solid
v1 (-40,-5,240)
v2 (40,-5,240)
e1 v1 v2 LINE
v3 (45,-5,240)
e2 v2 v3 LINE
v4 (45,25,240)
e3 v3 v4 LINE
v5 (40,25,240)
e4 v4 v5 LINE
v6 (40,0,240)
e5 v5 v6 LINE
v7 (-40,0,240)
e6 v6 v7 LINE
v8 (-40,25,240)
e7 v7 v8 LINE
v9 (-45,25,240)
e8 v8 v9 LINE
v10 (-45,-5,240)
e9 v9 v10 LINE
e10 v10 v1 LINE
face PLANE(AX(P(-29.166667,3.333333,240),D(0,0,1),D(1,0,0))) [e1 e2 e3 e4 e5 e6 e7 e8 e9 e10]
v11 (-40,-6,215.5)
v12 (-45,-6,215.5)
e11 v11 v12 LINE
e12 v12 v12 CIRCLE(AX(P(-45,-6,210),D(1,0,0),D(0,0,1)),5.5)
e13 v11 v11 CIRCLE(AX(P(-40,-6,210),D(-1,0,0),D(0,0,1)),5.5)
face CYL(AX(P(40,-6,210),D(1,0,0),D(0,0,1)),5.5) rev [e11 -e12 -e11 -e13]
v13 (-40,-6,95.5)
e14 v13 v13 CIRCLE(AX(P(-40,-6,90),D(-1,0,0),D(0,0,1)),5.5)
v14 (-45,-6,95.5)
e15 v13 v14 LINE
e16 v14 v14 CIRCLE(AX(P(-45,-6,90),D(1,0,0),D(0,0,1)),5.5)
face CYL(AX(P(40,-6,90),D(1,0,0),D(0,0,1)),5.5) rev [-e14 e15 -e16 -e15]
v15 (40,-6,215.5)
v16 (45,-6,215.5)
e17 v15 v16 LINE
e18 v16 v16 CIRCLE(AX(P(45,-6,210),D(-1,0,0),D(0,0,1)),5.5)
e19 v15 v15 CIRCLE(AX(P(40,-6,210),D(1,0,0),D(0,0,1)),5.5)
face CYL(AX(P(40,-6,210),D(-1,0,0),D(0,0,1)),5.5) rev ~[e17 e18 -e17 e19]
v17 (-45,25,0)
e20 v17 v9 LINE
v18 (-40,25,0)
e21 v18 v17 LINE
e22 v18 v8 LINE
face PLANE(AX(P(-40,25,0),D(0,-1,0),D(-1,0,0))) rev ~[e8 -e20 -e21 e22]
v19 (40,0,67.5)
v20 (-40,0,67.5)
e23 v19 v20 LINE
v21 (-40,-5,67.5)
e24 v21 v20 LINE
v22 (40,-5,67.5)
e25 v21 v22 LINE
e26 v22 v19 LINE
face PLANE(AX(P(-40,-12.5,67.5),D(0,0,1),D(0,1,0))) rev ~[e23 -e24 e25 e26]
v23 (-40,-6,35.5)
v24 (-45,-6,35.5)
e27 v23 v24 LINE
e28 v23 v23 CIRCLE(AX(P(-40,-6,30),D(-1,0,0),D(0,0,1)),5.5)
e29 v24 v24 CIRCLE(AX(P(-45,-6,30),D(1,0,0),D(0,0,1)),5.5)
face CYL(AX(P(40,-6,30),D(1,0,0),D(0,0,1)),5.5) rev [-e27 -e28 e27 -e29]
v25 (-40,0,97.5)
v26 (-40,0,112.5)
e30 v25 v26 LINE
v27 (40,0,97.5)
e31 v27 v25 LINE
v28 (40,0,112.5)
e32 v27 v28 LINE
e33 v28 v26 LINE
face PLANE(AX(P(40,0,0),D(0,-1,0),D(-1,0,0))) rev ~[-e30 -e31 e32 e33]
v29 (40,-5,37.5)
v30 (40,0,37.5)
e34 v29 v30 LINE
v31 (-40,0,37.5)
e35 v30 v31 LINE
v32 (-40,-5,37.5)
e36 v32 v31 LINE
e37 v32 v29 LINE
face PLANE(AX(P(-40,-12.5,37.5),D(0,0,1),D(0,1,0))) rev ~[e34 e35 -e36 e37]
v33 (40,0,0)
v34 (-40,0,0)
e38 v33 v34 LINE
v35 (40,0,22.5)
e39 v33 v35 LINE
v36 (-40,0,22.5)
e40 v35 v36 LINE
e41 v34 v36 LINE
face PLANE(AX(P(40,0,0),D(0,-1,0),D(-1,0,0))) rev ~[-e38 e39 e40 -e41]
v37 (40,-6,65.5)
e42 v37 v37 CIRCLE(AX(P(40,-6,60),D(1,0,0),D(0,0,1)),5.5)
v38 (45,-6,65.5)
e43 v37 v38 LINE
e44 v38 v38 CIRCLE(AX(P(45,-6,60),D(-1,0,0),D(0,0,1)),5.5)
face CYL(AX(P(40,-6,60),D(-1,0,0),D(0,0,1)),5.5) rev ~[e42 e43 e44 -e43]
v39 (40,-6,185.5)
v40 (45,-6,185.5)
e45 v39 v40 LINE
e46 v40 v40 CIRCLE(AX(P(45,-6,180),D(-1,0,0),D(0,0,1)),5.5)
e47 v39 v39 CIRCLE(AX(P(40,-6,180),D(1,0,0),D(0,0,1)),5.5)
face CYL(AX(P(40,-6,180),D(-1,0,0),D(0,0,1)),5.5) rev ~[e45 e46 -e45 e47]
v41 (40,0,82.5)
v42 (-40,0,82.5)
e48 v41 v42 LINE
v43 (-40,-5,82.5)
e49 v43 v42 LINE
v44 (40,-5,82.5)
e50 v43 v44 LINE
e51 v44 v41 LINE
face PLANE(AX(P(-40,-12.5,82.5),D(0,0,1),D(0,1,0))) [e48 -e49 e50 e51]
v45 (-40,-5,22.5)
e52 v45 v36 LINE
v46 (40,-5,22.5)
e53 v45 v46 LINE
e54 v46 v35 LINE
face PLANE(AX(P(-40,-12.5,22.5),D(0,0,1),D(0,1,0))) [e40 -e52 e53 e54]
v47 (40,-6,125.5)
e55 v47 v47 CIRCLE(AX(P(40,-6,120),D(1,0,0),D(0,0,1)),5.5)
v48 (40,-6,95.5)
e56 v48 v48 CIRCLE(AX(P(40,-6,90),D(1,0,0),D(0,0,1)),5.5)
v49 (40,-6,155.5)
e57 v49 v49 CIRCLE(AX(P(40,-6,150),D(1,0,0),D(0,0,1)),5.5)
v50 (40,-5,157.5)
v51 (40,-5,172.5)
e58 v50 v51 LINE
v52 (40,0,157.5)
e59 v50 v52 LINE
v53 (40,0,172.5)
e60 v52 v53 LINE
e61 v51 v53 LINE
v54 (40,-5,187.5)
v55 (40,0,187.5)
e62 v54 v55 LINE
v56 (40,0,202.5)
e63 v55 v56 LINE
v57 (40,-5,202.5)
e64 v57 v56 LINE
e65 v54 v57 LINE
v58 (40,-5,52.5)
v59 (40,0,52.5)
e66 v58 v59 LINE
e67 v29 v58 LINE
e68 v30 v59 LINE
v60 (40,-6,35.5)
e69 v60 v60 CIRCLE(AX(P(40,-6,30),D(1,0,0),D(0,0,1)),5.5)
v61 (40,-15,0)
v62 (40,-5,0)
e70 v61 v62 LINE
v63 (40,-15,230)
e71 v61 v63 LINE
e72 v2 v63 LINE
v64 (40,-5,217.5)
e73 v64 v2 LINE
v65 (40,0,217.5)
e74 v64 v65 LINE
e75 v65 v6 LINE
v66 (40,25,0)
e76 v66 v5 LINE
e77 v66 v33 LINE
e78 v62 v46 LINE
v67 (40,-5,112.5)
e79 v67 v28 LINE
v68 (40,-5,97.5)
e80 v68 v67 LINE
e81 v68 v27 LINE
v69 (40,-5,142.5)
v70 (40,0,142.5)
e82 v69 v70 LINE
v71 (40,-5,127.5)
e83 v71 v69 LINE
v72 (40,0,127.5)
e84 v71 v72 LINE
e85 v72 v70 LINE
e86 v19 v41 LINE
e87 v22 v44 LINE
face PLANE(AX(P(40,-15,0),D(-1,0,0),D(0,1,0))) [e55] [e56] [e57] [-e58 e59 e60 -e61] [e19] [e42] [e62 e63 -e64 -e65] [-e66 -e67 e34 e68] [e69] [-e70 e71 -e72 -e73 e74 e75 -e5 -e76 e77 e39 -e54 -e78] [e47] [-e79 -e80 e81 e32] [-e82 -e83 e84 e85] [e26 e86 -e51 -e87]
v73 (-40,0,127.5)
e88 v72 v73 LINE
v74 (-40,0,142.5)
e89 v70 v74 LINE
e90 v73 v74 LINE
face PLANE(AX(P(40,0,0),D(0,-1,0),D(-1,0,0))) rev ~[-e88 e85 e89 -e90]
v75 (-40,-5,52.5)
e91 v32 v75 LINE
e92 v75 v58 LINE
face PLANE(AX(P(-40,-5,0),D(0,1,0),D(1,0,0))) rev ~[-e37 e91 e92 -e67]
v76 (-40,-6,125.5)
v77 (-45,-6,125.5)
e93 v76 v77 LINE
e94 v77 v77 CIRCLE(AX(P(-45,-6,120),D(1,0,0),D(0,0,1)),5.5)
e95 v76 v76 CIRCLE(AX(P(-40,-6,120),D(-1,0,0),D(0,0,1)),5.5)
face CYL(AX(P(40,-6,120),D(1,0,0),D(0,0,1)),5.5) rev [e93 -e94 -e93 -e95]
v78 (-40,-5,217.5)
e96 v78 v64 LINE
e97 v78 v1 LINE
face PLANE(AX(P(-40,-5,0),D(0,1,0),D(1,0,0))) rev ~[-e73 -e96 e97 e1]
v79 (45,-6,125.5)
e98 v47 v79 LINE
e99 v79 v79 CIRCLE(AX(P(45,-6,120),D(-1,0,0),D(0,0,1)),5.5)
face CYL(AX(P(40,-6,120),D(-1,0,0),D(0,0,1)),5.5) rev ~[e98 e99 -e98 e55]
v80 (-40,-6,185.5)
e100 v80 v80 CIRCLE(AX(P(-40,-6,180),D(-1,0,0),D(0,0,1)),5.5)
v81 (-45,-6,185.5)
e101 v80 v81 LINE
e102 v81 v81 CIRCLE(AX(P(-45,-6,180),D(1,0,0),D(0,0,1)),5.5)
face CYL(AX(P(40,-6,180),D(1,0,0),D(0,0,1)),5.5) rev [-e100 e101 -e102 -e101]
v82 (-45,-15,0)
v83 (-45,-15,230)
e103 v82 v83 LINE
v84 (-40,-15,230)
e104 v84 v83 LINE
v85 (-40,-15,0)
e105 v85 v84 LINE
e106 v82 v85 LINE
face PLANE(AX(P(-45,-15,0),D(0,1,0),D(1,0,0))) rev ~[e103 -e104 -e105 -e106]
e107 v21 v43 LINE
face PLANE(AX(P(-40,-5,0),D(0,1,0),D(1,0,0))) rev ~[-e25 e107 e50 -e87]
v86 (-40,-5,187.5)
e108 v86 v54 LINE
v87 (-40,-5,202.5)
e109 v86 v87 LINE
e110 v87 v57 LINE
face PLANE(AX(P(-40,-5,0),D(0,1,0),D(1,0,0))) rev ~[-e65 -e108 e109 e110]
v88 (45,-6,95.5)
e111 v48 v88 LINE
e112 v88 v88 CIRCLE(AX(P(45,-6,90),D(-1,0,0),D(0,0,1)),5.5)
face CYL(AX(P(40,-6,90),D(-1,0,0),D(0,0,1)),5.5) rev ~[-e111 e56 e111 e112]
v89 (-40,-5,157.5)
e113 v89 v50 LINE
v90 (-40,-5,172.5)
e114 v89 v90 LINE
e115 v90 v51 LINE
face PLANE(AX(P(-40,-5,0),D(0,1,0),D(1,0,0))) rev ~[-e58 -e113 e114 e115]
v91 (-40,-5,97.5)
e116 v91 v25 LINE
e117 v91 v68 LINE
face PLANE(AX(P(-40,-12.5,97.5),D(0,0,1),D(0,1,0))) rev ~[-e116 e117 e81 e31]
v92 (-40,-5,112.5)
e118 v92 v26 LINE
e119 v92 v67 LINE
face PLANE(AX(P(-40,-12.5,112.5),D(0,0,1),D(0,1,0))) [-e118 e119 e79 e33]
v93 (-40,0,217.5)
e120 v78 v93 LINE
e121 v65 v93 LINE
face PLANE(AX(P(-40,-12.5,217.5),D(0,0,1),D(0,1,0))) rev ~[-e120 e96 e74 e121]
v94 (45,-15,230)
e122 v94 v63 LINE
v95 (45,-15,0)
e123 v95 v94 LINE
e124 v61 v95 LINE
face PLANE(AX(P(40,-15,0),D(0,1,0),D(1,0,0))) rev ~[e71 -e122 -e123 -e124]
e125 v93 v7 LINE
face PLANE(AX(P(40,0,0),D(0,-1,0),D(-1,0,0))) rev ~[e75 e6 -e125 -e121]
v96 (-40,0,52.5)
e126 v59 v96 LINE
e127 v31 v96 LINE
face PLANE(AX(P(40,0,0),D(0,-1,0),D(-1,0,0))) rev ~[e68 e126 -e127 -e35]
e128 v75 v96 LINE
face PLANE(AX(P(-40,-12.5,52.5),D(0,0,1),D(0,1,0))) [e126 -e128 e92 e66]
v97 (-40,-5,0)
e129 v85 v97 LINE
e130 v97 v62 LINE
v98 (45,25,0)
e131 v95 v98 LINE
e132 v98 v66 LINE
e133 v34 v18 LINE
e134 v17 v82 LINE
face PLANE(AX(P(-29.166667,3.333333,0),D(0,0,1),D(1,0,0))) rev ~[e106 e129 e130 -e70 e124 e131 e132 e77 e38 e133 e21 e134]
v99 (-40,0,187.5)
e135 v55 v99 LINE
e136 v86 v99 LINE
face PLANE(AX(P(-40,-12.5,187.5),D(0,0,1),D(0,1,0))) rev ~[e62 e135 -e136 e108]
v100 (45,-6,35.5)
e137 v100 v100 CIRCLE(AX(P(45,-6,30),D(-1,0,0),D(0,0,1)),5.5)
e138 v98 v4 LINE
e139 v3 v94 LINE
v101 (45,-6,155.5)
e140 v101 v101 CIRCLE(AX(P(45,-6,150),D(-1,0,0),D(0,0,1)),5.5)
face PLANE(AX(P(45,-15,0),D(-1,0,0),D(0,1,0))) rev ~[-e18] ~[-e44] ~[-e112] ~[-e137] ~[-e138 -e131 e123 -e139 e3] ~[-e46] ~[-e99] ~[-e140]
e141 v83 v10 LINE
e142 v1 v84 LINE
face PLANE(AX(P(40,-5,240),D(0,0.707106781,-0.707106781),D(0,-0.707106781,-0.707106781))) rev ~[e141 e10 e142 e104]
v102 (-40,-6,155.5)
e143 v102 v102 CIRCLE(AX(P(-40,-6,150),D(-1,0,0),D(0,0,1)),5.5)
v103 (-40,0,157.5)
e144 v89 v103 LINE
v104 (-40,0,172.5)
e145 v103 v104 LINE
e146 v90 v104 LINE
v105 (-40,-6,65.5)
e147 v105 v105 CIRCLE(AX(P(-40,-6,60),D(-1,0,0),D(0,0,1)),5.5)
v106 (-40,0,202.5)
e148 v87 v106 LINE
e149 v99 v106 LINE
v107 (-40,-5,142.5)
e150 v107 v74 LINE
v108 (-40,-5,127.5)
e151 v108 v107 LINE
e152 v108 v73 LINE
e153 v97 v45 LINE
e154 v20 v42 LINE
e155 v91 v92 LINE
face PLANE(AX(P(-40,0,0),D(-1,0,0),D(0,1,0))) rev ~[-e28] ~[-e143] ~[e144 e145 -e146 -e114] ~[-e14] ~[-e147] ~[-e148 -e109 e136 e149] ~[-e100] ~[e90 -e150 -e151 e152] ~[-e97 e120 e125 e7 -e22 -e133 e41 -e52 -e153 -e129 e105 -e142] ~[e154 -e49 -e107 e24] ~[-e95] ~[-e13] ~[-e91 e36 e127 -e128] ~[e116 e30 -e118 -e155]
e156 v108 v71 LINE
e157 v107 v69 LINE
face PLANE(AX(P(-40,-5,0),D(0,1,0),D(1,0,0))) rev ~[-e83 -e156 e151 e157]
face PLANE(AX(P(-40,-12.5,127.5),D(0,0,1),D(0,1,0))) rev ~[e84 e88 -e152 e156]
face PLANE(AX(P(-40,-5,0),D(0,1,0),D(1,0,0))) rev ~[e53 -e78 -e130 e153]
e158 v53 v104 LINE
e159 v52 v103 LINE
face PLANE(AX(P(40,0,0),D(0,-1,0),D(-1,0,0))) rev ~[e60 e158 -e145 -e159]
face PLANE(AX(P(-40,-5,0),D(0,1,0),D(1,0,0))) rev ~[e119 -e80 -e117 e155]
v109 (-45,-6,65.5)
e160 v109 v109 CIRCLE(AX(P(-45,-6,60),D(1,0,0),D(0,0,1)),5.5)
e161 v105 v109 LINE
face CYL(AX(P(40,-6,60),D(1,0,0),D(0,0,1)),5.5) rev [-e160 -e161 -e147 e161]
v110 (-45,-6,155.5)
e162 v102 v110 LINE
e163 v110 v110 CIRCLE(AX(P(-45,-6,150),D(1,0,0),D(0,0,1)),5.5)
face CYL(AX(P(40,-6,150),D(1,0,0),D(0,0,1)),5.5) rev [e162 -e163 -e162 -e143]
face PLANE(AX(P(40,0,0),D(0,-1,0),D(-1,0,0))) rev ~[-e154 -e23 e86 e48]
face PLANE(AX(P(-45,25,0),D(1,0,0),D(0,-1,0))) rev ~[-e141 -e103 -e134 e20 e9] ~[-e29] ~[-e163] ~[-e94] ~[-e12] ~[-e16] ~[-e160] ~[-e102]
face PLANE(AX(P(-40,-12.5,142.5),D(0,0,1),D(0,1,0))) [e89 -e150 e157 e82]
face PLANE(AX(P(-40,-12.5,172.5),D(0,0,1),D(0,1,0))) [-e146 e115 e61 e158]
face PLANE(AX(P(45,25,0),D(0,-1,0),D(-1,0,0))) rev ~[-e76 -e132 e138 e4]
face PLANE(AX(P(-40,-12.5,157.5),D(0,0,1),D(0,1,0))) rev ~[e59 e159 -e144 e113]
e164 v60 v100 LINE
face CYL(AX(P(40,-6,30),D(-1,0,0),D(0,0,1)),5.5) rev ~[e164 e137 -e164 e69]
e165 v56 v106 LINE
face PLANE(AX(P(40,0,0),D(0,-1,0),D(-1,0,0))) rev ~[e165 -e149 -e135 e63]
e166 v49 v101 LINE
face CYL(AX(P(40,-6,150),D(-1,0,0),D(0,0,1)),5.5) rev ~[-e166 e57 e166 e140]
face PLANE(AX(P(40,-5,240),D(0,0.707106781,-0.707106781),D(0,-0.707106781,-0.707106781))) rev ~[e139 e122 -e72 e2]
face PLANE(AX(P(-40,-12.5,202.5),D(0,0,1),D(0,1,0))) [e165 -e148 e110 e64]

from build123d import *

# Parameters (mm, degrees)
SKETCH_1_W          = 5
SKETCH_1_H          = 10
EXTRUDE_1_DEPTH     = 240
SKETCH_3_R          = 5.5
CUT_EXTRUDE_1_DEPTH = 90
SKETCH_5_W          = 15
SKETCH_5_H          = 15
CUT_EXTRUDE_2_DEPTH = 80


with BuildPart() as part:
    # 草图1 → 凸台-拉伸1 (new body)
    with BuildSketch(Plane.XY):
        Polygon((0, -5), (0, 0), (-40, 0), (-40, 25), (-45, 25), (-45, -5), (-40, -5), align=None)
        Polygon((40, 25), (40, 0), (0, 0), (0, -5), (40, -5), (45, -5), (45, 25), align=None)
        with Locations((-42.5, -10)):
            Rectangle(SKETCH_1_W, SKETCH_1_H)
        with Locations((42.5, -10)):
            Rectangle(SKETCH_1_W, SKETCH_1_H)
    extrude(amount=EXTRUDE_1_DEPTH)

    # 草图3 → 切除-拉伸1 (cut, symmetric)
    with BuildSketch(Plane.ZY.offset(-40)):
        with Locations((30, -6)):
            Circle(SKETCH_3_R)
        with Locations((60, -6)):
            Circle(SKETCH_3_R)
        with Locations((90, -6)):
            Circle(SKETCH_3_R)
        with Locations((120, -6)):
            Circle(SKETCH_3_R)
        with Locations((150, -6)):
            Circle(SKETCH_3_R)
        with Locations((180, -6)):
            Circle(SKETCH_3_R)
        with Locations((210, -6)):
            Circle(SKETCH_3_R)
        Polygon((240, -5), (230, -15), (240, -15), align=None)
    extrude(amount=CUT_EXTRUDE_1_DEPTH, both=True, mode=Mode.SUBTRACT)

    # 草图5 → 切除-拉伸2 (cut)
    with BuildSketch(Plane(origin=(-40, 0, 0), x_dir=(0, 0, -1), z_dir=(1, 0, 0))):
        with Locations((-210, -5)):
            Rectangle(SKETCH_5_W, SKETCH_5_H)
        with Locations((-180, -5)):
            Rectangle(SKETCH_5_W, SKETCH_5_H)
        with Locations((-150, -5)):
            Rectangle(SKETCH_5_W, SKETCH_5_H)
        with Locations((-120, -5)):
            Rectangle(SKETCH_5_W, SKETCH_5_H)
        with Locations((-90, -5)):
            Rectangle(SKETCH_5_W, SKETCH_5_H)
        with Locations((-60, -5)):
            Rectangle(SKETCH_5_W, SKETCH_5_H)
        with Locations((-30, -5)):
            Rectangle(SKETCH_5_W, SKETCH_5_H)
    extrude(amount=CUT_EXTRUDE_2_DEPTH, mode=Mode.SUBTRACT)


solid = part.part
